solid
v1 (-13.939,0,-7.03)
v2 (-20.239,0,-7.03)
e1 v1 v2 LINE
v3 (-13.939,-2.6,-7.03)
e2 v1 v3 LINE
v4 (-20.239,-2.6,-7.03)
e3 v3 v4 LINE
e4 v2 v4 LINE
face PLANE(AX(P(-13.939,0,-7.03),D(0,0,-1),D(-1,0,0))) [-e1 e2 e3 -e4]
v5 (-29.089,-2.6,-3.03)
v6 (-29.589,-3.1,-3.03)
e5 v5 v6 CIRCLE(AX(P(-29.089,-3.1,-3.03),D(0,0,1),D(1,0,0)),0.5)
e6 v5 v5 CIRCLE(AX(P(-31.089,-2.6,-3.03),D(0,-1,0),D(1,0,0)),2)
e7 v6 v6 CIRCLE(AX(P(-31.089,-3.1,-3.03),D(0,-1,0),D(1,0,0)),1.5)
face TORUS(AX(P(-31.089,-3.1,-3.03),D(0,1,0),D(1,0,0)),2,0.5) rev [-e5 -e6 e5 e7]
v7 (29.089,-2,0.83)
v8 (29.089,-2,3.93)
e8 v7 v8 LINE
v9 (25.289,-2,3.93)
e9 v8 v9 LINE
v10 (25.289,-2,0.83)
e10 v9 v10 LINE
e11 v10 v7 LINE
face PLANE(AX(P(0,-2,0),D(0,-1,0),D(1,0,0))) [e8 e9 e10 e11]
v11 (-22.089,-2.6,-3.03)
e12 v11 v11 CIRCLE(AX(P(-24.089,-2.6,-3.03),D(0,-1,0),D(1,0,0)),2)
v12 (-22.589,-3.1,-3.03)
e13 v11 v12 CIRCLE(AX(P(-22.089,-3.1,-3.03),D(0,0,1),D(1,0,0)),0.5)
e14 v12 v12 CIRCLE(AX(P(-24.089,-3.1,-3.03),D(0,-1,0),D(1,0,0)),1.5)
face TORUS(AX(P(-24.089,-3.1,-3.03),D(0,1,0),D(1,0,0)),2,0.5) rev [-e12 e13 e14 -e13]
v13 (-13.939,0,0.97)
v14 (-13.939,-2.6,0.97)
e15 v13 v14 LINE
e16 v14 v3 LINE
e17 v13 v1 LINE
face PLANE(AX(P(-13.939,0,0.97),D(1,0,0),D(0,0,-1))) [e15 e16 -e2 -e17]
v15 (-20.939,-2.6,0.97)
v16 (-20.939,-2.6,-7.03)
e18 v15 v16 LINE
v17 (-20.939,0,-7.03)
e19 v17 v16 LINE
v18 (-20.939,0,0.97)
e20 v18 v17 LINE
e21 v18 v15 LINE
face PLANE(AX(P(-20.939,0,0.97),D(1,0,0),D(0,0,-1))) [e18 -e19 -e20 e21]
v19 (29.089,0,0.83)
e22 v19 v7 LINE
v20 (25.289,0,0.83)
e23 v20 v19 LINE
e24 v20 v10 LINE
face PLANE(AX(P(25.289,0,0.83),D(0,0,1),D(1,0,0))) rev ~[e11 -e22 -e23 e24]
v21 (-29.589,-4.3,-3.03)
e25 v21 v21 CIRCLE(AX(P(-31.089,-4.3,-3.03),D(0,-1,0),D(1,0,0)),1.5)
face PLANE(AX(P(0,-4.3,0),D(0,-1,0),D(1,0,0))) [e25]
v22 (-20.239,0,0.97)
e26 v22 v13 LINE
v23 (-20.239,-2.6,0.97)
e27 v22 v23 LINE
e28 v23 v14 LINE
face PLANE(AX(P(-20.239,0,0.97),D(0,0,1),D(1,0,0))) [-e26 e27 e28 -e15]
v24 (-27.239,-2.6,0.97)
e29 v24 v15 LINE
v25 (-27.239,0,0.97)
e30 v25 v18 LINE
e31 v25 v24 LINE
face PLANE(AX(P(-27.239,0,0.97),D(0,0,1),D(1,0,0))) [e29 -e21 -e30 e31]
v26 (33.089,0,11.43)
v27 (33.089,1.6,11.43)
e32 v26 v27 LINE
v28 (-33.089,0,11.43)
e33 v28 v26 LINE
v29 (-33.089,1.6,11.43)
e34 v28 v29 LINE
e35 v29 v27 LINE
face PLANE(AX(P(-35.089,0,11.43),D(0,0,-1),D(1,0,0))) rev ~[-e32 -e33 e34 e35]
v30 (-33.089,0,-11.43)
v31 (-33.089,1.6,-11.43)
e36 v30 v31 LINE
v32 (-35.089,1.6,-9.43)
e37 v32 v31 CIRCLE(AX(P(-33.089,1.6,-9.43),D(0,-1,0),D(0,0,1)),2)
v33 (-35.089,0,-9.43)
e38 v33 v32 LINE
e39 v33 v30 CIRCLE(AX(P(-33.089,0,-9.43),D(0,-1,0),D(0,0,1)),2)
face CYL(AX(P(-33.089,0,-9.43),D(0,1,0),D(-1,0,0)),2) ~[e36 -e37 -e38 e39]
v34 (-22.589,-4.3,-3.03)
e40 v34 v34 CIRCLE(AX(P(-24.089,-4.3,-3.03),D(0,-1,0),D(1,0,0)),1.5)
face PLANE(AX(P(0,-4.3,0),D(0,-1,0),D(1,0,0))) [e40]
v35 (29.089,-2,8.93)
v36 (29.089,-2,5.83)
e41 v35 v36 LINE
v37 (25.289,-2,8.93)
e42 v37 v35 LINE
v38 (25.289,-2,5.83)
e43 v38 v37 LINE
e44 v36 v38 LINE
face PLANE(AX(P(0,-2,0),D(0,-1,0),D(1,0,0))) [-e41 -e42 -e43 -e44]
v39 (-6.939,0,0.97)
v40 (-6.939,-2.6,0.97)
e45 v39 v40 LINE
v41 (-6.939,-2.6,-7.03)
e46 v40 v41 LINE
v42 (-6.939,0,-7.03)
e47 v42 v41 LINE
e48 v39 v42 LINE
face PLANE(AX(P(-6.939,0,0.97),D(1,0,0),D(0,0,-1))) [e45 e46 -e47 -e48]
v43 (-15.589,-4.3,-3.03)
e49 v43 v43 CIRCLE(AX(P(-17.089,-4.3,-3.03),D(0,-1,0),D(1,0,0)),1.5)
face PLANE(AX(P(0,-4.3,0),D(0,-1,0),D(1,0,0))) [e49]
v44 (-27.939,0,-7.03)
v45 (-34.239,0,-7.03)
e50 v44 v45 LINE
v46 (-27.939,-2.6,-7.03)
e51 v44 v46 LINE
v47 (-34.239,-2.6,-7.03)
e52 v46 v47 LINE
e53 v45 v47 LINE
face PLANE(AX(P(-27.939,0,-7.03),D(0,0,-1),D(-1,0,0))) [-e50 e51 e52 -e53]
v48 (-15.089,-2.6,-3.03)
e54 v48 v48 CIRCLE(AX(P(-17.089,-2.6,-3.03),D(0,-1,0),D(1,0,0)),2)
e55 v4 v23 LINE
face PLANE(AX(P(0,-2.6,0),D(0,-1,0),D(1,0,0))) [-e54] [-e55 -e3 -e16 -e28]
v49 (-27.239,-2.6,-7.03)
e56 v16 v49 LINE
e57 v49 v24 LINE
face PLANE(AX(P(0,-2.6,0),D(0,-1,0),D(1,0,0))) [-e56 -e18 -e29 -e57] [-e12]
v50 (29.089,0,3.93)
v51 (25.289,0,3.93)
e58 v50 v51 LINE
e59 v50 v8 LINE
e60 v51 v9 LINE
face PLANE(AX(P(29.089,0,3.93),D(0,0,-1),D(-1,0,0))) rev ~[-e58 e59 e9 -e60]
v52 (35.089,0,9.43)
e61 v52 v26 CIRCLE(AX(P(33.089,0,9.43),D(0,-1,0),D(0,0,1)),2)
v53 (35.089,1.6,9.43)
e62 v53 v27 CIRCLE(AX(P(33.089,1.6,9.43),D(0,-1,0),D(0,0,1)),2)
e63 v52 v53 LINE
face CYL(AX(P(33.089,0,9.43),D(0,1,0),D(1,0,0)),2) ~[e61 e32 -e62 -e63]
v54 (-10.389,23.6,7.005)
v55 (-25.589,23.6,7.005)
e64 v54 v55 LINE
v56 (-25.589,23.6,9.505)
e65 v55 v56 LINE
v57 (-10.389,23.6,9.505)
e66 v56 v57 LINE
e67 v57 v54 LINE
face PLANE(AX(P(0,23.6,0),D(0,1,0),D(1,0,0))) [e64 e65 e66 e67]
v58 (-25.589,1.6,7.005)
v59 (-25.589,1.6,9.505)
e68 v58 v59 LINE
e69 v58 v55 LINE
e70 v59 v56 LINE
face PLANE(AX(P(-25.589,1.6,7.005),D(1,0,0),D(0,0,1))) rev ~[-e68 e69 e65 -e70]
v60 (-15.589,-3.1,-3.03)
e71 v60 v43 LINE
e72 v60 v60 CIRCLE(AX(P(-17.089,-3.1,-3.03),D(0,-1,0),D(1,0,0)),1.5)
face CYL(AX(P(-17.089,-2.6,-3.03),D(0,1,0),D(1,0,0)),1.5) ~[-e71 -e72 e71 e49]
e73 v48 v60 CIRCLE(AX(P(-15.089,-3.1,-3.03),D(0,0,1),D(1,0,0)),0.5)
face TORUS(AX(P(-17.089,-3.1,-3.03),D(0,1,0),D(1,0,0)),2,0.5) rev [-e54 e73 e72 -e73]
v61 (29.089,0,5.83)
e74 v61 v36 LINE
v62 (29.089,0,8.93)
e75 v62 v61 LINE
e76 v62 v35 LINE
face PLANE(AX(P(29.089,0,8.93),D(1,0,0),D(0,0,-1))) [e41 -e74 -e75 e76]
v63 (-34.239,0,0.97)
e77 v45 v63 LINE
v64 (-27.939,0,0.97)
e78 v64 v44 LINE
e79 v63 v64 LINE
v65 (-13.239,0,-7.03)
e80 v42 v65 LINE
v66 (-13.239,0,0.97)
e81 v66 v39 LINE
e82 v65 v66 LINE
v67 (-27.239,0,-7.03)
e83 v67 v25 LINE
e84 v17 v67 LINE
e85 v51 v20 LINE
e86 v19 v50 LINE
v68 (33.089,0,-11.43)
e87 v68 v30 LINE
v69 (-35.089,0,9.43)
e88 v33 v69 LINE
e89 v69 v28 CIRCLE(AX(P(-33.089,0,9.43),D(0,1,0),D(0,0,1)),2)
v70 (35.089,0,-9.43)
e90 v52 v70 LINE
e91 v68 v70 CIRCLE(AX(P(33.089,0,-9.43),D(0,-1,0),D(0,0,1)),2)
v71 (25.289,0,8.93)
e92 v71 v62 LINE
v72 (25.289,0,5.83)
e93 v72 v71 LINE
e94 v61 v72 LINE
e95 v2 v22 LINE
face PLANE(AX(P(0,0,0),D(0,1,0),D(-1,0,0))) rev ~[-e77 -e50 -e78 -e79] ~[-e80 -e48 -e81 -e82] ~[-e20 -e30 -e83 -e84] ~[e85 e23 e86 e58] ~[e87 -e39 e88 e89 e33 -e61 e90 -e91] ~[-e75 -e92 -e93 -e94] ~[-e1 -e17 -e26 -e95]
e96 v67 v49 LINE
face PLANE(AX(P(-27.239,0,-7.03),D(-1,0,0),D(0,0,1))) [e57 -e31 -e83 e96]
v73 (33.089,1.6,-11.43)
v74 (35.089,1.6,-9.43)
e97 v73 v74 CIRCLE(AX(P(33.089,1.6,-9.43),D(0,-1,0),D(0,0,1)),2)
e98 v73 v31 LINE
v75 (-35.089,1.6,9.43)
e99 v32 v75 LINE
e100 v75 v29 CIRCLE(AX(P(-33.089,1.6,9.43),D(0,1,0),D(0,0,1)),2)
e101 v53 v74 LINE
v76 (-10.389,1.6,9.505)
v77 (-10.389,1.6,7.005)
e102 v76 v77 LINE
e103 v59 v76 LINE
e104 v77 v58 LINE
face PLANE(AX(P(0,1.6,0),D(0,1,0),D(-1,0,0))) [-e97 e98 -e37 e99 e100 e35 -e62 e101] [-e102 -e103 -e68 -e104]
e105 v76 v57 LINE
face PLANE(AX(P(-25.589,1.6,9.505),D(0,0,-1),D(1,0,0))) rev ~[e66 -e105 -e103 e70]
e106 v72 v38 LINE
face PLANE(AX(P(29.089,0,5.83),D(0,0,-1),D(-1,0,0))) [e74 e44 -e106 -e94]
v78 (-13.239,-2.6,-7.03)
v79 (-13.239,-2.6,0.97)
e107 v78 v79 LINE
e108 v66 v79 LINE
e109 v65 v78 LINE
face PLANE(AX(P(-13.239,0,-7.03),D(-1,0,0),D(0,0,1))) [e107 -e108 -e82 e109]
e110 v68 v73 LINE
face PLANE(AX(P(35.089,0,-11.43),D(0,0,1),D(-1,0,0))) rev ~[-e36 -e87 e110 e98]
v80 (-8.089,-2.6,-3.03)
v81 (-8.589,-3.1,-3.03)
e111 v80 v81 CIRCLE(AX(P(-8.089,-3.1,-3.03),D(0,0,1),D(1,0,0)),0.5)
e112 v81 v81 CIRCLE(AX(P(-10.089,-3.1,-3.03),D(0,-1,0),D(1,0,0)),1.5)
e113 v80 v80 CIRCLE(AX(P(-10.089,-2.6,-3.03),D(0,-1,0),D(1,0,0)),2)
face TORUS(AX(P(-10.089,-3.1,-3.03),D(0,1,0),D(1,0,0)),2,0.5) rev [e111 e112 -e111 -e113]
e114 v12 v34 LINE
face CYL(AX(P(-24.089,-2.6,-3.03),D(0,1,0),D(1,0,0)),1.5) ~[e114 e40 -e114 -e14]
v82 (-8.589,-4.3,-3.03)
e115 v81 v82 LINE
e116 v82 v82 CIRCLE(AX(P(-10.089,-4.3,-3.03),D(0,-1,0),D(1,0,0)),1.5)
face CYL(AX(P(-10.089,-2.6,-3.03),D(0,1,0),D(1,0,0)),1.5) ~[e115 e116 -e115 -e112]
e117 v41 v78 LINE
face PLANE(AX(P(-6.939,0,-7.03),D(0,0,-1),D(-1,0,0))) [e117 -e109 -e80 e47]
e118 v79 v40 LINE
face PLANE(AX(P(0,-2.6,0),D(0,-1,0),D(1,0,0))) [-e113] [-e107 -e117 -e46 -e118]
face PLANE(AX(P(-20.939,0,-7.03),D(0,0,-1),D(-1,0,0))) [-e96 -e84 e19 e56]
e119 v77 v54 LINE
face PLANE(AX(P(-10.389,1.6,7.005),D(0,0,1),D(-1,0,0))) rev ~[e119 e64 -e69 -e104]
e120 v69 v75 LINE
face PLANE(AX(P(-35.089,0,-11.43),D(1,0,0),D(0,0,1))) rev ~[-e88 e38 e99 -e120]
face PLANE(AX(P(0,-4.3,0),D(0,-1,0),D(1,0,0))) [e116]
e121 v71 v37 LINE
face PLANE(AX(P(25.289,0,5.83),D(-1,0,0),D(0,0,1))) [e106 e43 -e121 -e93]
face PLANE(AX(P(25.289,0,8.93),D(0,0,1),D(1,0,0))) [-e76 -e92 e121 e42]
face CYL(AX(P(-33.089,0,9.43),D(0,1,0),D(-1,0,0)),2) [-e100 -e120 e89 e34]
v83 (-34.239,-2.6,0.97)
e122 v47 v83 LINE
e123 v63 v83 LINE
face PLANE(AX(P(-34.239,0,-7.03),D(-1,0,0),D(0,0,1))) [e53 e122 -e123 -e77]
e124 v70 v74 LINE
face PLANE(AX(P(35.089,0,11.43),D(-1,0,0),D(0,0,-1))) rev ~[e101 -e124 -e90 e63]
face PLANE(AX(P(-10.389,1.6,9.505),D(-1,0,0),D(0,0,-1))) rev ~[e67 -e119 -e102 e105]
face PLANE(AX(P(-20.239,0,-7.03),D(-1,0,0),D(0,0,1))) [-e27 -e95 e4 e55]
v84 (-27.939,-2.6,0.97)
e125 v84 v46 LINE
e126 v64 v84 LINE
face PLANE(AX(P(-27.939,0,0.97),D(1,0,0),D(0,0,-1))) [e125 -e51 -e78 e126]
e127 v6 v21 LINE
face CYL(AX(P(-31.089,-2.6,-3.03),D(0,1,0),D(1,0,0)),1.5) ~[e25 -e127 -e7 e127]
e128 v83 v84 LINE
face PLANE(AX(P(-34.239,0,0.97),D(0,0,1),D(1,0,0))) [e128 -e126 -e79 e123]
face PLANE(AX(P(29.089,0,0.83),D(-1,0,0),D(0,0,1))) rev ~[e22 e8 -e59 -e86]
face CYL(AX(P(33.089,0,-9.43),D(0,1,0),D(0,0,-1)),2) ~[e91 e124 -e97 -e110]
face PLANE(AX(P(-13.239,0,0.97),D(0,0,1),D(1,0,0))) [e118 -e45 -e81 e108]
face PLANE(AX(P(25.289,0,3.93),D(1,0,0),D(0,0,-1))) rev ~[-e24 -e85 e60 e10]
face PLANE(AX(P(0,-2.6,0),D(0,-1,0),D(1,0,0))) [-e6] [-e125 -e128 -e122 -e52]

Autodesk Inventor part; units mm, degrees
ref_plane "YZ Plane" through (0, 0, 0) normal (1, 0, 0) x (0, 1, 0)
ref_plane "XZ Plane" through (0, 0, 0) normal (0, 1, 0) x (-1, 0, 0)
ref_plane "XY Plane" through (0, 0, 0) normal (0, 0, 1) x (1, 0, 0)
sketch "Sketch1" plane through (0, 0, 0) normal (0, 1, 0) x (-1, 0, 0)
  line L0 (35.089, 11.43) -> (-35.089, 11.43)
  line L1 (-35.089, 11.43) -> (-35.089, -11.43)
  line L2 (-35.089, -11.43) -> (35.089, -11.43)
  line L3 (35.089, -11.43) -> (35.089, 11.43)
  line L4 (35.089, 11.43) -> (-35.089, -11.43) construction
  line L5 (-35.089, 11.43) -> (35.089, -11.43) construction
  point P0 (0, 0)
  dimension "d0" = 70.178
  dimension "d1" = 22.86
extrude "Extrusion1" add sketch "Sketch1" along normal blind 1.6
fillet "Fillet1" radius 2 4 edges at (-35.089, 0.8, -11.43) (-35.089, 0.8, 11.43) (35.089, 0.8, 11.43) (35.089, 0.8, -11.43)
sketch "Sketch7" plane through (0, 0, 0) normal (0, -1, 0) x (1, 0, 0)
  line L0 (-34.239, 0.97) -> (-27.939, 0.97)
  line L1 (-27.939, 0.97) -> (-27.939, -7.03)
  line L2 (-27.939, -7.03) -> (-34.239, -7.03)
  line L3 (-34.239, -7.03) -> (-34.239, 0.97)
  line L4 (-27.239, 0.97) -> (-20.939, 0.97)
  line L5 (-20.939, 0.97) -> (-20.939, -7.03)
  line L6 (-20.939, -7.03) -> (-27.239, -7.03)
  line L7 (-27.239, -7.03) -> (-27.239, 0.97)
  line L8 (-20.239, 0.97) -> (-13.939, 0.97)
  line L9 (-13.939, 0.97) -> (-13.939, -7.03)
  line L10 (-13.939, -7.03) -> (-20.239, -7.03)
  line L11 (-20.239, -7.03) -> (-20.239, 0.97)
  line L12 (-13.239, 0.97) -> (-6.939, 0.97)
  line L13 (-6.939, 0.97) -> (-6.939, -7.03)
  line L14 (-6.939, -7.03) -> (-13.239, -7.03)
  line L15 (-13.239, -7.03) -> (-13.239, 0.97)
  line L16 (33.089, -11.43) -> (-33.089, -11.43) projected
  line L17 (-35.089, -9.43) -> (-35.089, 9.43) projected
  point P0 (0, 0)
  point P1 (-31.089, 0.97)
  point P2 (-24.089, 0.97)
  point P3 (-17.089, 0.97)
  point P4 (-10.089, 0.97)
  point P5 (-34.239, -3.03)
  dimension "d48" = 8
  dimension "d49" = 6.3
  dimension "d50" = 6.3
  dimension "d51" = 6.3
  dimension "d52" = 6.3
  dimension "d53" = 7
  dimension "d54" = 7
  dimension "d55" = 7
  dimension "d56" = 8.4
  dimension "d85" = 4
extrude "Extrusion6" add sketch "Sketch7" along normal blind 2.6
sketch "Sketch8" plane through (0, -2.6, 0) normal (0, -1, 0) x (1, 0, 0)
  circle A0 centre (-31.089, -3.03) radius 1.5
  line L0 (-27.939, 0.97) -> (-34.239, 0.97) projected
  line L1 (-34.239, 0.97) -> (-34.239, -7.03) projected
  circle A1 centre (-24.089, -3.03) radius 1.5
  circle A2 centre (-17.089, -3.03) radius 1.5
  circle A3 centre (-10.089, -3.03) radius 1.5
  point P0 (0, 0)
  point P1 (-31.089, 0.97)
  point P2 (-34.239, -3.03)
  dimension "d60" = 3
  dimension "d63" = 7
extrude "Extrusion7" add sketch "Sketch8" along normal blind 1.7
fillet "Fillet2" radius 0.5 4 edges at (-32.589, -2.6, -3.03) (-25.589, -2.6, -3.03) (-18.589, -2.6, -3.03) (-11.589, -2.6, -3.03)
sketch "Sketch9" plane through (0, 0, 0) normal (0, -1, 0) x (1, 0, 0)
  line L0 (25.289, 8.93) -> (29.089, 8.93)
  line L1 (29.089, 8.93) -> (29.089, 5.83)
  line L2 (29.089, 5.83) -> (25.289, 5.83)
  line L3 (25.289, 5.83) -> (25.289, 8.93)
  line L4 (25.289, 0.83) -> (29.089, 0.83)
  line L5 (29.089, 0.83) -> (29.089, 3.93)
  line L6 (29.089, 3.93) -> (25.289, 3.93)
  line L7 (25.289, 3.93) -> (25.289, 0.83)
  line L8 (-33.089, 11.43) -> (33.089, 11.43) projected
  line L9 (35.089, 9.43) -> (35.089, -9.43) projected
  point P0 (0, 0)
  dimension "d71" = 3.8
  dimension "d72" = 3.1
  dimension "d73" = 3.1
  dimension "d74" = 1.9
  dimension "d75" = 2.5
  dimension "d76" = 6
extrude "Extrusion8" add sketch "Sketch9" along normal blind 2
sketch "Sketch10" plane through (0, 1.6, 0) normal (0, 1, 0) x (1, 0, 0)
  line L0 (-25.589, -9.505) -> (-10.389, -9.505)
  line L1 (-10.389, -9.505) -> (-10.389, -7.005)
  line L2 (-10.389, -7.005) -> (-25.589, -7.005)
  line L3 (-25.589, -7.005) -> (-25.589, -9.505)
  line L4 (-33.089, -11.43) -> (33.089, -11.43) projected
  line L5 (-35.089, 9.43) -> (-35.089, -9.43) projected
  point P0 (0, 0)
  point P1 (-25.589, -8.255)
  dimension "d79" = 3.175
  dimension "d80" = 2.5
  dimension "d81" = 15.2
  dimension "d82" = 9.5
extrude "Extrusion9" add sketch "Sketch10" along normal blind 22
properties part number "Platine"
